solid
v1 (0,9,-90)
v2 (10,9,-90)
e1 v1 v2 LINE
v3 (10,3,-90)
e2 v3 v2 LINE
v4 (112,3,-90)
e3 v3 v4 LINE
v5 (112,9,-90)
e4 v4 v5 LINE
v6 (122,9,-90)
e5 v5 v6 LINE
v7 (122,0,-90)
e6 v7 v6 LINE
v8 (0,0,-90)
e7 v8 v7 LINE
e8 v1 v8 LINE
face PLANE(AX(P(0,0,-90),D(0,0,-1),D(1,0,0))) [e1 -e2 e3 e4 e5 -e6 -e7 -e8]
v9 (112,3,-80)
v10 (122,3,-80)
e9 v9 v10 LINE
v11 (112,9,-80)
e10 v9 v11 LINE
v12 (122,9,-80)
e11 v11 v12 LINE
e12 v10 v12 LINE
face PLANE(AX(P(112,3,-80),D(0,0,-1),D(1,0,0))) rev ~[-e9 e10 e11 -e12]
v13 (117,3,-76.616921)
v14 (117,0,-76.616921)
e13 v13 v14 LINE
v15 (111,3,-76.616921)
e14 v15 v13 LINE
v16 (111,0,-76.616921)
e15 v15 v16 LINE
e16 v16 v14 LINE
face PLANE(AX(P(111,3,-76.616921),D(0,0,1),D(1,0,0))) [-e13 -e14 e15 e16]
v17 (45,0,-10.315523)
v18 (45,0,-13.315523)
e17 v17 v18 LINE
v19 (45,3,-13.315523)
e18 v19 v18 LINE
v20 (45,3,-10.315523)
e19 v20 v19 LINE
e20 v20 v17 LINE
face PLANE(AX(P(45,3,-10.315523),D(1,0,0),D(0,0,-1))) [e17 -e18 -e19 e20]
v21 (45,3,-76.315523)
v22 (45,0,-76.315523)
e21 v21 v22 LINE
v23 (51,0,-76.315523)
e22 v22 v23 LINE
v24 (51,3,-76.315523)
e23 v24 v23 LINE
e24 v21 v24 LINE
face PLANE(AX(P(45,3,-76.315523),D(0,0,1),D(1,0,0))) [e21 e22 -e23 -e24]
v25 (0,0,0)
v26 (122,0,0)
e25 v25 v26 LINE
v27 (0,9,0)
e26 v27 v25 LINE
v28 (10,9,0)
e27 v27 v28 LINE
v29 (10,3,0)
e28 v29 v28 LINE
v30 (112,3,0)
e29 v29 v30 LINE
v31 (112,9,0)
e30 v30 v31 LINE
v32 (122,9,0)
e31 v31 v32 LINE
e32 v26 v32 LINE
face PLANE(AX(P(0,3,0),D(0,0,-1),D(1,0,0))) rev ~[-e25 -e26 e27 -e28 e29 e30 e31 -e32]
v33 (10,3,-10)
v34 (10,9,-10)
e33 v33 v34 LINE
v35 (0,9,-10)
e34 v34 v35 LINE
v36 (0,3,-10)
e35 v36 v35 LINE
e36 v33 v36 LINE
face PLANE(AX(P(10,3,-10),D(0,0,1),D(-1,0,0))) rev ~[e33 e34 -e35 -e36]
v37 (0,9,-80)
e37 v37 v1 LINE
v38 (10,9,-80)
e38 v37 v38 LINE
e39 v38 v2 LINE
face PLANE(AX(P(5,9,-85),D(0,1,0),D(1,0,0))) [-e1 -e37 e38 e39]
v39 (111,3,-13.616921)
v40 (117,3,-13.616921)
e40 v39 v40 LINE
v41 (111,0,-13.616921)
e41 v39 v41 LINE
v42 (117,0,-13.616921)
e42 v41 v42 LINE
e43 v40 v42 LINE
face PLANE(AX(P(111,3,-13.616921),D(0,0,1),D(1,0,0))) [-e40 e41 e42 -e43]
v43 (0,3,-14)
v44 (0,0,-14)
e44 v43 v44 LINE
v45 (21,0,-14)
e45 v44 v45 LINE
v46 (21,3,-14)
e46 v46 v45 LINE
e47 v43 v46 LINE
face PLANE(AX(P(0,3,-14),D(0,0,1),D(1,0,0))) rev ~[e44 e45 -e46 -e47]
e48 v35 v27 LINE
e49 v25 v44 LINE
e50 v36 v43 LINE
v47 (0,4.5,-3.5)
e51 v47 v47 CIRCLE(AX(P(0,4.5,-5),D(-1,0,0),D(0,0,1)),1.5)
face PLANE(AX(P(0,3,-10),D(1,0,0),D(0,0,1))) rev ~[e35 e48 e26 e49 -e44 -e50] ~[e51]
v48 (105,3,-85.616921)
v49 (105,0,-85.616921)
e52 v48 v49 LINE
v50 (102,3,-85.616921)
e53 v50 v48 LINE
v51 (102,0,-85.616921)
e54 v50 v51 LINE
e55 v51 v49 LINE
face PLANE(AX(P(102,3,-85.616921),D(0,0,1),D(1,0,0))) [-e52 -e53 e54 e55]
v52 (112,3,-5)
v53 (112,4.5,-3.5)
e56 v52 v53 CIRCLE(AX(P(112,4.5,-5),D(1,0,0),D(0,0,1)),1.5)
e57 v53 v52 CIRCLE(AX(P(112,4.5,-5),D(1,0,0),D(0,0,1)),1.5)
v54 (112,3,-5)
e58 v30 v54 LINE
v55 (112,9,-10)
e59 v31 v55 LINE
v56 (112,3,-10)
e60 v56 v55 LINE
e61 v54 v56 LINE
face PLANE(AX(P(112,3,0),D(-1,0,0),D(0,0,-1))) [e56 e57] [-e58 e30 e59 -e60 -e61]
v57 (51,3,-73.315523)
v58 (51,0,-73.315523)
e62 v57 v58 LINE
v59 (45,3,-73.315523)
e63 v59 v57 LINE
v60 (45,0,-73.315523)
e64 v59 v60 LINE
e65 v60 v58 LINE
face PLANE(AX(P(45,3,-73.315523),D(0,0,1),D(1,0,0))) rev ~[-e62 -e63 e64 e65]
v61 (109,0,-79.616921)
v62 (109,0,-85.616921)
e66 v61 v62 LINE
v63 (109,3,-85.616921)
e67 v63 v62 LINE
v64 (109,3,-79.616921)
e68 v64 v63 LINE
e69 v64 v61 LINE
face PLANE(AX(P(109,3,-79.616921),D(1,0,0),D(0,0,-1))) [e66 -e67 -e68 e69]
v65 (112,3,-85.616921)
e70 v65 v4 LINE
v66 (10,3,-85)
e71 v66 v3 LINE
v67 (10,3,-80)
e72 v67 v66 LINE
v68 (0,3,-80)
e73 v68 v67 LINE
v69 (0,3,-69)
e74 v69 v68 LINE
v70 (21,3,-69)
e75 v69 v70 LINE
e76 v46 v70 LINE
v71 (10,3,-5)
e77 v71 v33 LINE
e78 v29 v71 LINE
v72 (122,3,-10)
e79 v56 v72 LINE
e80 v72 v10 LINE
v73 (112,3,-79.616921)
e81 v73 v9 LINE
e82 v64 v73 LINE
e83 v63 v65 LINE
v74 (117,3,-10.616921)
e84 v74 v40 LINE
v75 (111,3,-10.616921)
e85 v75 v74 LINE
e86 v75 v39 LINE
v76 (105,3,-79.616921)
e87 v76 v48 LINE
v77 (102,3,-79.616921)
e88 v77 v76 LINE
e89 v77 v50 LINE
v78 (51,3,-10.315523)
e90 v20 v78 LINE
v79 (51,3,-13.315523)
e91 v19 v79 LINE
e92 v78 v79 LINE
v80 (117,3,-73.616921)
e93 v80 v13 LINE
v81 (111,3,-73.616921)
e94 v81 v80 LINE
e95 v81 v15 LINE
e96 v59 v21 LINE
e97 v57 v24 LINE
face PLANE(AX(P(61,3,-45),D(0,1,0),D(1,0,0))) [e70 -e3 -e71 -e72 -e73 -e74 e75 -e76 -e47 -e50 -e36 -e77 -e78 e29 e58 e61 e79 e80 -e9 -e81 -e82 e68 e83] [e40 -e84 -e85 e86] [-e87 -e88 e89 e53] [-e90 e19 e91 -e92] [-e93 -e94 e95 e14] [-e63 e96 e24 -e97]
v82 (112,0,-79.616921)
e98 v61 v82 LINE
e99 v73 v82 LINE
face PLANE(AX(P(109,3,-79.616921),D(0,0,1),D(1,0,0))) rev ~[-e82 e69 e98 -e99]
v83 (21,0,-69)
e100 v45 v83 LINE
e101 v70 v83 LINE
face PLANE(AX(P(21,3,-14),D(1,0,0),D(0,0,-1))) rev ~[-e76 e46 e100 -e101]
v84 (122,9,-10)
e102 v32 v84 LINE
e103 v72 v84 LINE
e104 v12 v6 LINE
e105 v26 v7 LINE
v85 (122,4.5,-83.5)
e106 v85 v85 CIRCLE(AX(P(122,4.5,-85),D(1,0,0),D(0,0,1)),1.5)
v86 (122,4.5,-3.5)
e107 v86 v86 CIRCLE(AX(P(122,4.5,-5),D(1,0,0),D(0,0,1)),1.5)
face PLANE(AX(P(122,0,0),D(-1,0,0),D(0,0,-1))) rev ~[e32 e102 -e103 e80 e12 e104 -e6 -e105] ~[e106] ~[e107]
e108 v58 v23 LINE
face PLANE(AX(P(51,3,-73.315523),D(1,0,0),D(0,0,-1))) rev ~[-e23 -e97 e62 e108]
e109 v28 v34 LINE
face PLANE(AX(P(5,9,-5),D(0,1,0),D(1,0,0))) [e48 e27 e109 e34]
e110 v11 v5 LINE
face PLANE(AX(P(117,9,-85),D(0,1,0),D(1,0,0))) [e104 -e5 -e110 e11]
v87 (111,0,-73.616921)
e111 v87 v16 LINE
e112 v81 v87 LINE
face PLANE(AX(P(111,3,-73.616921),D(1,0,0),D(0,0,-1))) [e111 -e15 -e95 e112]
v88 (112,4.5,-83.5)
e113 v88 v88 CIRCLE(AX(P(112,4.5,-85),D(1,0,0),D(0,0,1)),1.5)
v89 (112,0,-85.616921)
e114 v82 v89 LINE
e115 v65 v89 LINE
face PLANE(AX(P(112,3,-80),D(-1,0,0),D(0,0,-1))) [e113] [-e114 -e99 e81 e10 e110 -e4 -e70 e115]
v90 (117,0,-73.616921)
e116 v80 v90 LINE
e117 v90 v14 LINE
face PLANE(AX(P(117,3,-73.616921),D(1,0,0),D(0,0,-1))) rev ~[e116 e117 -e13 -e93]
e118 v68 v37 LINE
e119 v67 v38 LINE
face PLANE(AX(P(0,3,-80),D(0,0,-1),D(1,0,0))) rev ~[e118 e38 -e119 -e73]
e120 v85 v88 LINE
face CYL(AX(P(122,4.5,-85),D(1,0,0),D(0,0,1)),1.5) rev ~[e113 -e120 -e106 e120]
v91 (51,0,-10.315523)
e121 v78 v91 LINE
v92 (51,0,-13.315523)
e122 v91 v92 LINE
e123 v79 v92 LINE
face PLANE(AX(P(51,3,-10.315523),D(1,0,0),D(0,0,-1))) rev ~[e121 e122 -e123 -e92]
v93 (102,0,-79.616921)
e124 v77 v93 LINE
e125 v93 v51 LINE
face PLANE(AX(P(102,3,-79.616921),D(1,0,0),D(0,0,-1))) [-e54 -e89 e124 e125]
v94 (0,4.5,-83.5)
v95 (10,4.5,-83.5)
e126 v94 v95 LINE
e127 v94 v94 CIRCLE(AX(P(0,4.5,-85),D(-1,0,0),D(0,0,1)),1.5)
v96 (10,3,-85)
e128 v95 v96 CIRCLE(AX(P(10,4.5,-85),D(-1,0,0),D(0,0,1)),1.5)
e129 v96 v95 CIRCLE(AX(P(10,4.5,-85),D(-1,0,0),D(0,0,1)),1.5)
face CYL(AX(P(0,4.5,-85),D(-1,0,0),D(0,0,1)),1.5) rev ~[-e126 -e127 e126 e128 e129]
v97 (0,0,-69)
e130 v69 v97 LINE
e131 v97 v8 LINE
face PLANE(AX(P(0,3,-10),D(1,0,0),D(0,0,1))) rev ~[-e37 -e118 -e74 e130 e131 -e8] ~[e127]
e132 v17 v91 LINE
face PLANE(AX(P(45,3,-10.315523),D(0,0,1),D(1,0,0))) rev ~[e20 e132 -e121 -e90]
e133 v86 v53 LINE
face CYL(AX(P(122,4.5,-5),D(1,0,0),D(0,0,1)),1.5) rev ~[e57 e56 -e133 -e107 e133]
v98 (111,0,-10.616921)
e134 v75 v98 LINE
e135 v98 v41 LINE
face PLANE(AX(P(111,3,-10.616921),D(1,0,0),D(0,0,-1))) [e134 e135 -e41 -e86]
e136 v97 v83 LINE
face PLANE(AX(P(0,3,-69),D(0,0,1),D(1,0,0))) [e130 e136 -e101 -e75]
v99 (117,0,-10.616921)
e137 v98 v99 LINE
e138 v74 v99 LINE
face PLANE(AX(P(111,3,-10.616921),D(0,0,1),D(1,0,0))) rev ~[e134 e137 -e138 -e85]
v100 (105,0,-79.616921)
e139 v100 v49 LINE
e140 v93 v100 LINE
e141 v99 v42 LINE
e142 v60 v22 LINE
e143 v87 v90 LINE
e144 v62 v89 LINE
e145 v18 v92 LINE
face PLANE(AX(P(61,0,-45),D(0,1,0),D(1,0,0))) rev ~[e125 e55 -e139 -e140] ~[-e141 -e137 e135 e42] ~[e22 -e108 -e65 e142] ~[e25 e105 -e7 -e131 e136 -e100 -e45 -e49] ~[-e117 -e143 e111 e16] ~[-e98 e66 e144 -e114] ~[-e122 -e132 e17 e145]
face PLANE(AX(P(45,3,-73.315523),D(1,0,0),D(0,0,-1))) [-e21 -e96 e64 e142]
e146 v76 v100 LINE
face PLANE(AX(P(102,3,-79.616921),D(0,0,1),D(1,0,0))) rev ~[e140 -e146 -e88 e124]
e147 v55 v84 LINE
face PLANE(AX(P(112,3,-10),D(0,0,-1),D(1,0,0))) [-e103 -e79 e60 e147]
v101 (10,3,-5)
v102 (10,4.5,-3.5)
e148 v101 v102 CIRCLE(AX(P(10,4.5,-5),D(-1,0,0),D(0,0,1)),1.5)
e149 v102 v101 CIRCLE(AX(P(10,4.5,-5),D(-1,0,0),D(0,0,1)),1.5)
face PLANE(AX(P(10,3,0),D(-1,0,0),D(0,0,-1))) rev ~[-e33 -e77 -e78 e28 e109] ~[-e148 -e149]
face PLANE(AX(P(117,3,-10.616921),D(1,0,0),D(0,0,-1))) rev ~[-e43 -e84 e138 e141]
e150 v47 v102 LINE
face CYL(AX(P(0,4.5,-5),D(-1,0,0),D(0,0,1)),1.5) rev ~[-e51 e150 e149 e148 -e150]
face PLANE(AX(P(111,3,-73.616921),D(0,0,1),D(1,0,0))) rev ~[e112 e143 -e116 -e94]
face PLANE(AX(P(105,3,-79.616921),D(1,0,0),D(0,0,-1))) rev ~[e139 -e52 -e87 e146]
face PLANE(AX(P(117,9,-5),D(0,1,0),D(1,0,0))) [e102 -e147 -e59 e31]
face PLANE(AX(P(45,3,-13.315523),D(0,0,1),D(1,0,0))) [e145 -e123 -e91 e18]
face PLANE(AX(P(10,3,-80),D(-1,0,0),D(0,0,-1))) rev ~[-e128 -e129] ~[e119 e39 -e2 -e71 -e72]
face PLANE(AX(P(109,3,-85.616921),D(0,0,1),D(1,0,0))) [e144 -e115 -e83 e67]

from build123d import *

# Parameters (mm, degrees)
SKETCH1_W           = 122
SKETCH1_H           = 90
BOSS_EXTRUDE1_DEPTH = 3
SKETCH2_W           = 10
SKETCH2_H           = 10
BOSS_EXTRUDE2_DEPTH = 6
CUT_EXTRUDE2_REACH  = 153.872
SKETCH4_R           = 1.5
CUT_EXTRUDE3_REACH  = 153.872
SKETCH5_R           = 1.5
SKETCH7_W           = 6
SKETCH7_H           = 3
SKETCH7_W_2         = 3
SKETCH7_H_2         = 6
SKETCH7_W_3         = 21
SKETCH7_H_3         = 55
CUT_EXTRUDE4_DEPTH  = 152.7234326


with BuildPart() as part:
    # Sketch1 → Boss-Extrude1 (new body)
    with BuildSketch(Plane(origin=(0, 0, 0), x_dir=(1, 0, 0), z_dir=(0, 1, 0))):
        with Locations((61, 45)):
            Rectangle(SKETCH1_W, SKETCH1_H)
    extrude(amount=BOSS_EXTRUDE1_DEPTH)

    # Sketch2 → Boss-Extrude2 (add)
    with BuildSketch(Plane(origin=(0, 3, 0), x_dir=(1, 0, 0), z_dir=(0, 1, 0))):
        Polygon((0, 0), (10, 0), (10, 5.706645394), (10, 10), (7.781127404, 10), (0, 10), align=None)
        with Locations((5, 85)):
            Rectangle(SKETCH2_W, SKETCH2_H)
        with Locations((117, 85)):
            Rectangle(SKETCH2_W, SKETCH2_H)
        with Locations((117, 5)):
            Rectangle(SKETCH2_W, SKETCH2_H)
    extrude(amount=BOSS_EXTRUDE2_DEPTH)

    # Sketch4 → Cut-Extrude2 (cut, up to next)
    with BuildSketch(Plane.ZY, mode=Mode.PRIVATE) as cut_extrude2_sk1:
        with Locations((-85, 4.5)):
            Circle(SKETCH4_R)
    cut_extrude2_tool1 = extrude(cut_extrude2_sk1.sketch, amount=-CUT_EXTRUDE2_REACH, mode=Mode.PRIVATE) & part.part
    # Sketch4 → Cut-Extrude2 (cut, up to next)
    with BuildSketch(Plane.ZY, mode=Mode.PRIVATE) as cut_extrude2_sk2:
        with Locations((-5, 4.5)):
            Circle(SKETCH4_R)
    cut_extrude2_tool2 = extrude(cut_extrude2_sk2.sketch, amount=-CUT_EXTRUDE2_REACH, mode=Mode.PRIVATE) & part.part
    add(cut_extrude2_tool1.solids().sort_by_distance((0, 4.5, -85))[0], mode=Mode.SUBTRACT)
    add(cut_extrude2_tool2.solids().sort_by_distance((0, 4.5, -5))[0], mode=Mode.SUBTRACT)

    # Sketch5 → Cut-Extrude3 (cut, up to next)
    with BuildSketch(Plane(origin=(122, 0, 0), x_dir=(0, 0, -1), z_dir=(1, 0, 0)), mode=Mode.PRIVATE) as cut_extrude3_sk1:
        with Locations(Location((85, 4.5, 0), (0, 0, 180))):
            Circle(SKETCH5_R)
    cut_extrude3_tool1 = extrude(cut_extrude3_sk1.sketch, amount=-CUT_EXTRUDE3_REACH, mode=Mode.PRIVATE) & part.part
    # Sketch5 → Cut-Extrude3 (cut, up to next)
    with BuildSketch(Plane(origin=(122, 0, 0), x_dir=(0, 0, -1), z_dir=(1, 0, 0)), mode=Mode.PRIVATE) as cut_extrude3_sk2:
        with Locations(Location((5, 4.5, 0), (0, 0, 180))):
            Circle(SKETCH5_R)
    cut_extrude3_tool2 = extrude(cut_extrude3_sk2.sketch, amount=-CUT_EXTRUDE3_REACH, mode=Mode.PRIVATE) & part.part
    add(cut_extrude3_tool1.solids().sort_by_distance((122, 4.5, -85))[0], mode=Mode.SUBTRACT)
    add(cut_extrude3_tool2.solids().sort_by_distance((122, 4.5, -5))[0], mode=Mode.SUBTRACT)

    # Sketch7 → Cut-Extrude4 (cut, through all)
    with BuildSketch(Plane(origin=(0, 3, 0), x_dir=(1, 0, 0), z_dir=(0, 1, 0))):
        with Locations((48, 74.815523004)):
            Rectangle(SKETCH7_W, SKETCH7_H)
        with Locations((114, 75.116921084)):
            Rectangle(SKETCH7_W, SKETCH7_H)
        with Locations((48, 11.815523004)):
            Rectangle(SKETCH7_W, SKETCH7_H)
        with Locations((114, 12.116921084)):
            Rectangle(SKETCH7_W, SKETCH7_H)
        with Locations((110.5, 82.616921084)):
            Rectangle(SKETCH7_W_2, SKETCH7_H_2)
        with Locations((103.5, 82.616921084)):
            Rectangle(SKETCH7_W_2, SKETCH7_H_2)
        with Locations((10.5, 41.5)):
            Rectangle(SKETCH7_W_3, SKETCH7_H_3)
    extrude(amount=-CUT_EXTRUDE4_DEPTH, mode=Mode.SUBTRACT)


solid = part.part
